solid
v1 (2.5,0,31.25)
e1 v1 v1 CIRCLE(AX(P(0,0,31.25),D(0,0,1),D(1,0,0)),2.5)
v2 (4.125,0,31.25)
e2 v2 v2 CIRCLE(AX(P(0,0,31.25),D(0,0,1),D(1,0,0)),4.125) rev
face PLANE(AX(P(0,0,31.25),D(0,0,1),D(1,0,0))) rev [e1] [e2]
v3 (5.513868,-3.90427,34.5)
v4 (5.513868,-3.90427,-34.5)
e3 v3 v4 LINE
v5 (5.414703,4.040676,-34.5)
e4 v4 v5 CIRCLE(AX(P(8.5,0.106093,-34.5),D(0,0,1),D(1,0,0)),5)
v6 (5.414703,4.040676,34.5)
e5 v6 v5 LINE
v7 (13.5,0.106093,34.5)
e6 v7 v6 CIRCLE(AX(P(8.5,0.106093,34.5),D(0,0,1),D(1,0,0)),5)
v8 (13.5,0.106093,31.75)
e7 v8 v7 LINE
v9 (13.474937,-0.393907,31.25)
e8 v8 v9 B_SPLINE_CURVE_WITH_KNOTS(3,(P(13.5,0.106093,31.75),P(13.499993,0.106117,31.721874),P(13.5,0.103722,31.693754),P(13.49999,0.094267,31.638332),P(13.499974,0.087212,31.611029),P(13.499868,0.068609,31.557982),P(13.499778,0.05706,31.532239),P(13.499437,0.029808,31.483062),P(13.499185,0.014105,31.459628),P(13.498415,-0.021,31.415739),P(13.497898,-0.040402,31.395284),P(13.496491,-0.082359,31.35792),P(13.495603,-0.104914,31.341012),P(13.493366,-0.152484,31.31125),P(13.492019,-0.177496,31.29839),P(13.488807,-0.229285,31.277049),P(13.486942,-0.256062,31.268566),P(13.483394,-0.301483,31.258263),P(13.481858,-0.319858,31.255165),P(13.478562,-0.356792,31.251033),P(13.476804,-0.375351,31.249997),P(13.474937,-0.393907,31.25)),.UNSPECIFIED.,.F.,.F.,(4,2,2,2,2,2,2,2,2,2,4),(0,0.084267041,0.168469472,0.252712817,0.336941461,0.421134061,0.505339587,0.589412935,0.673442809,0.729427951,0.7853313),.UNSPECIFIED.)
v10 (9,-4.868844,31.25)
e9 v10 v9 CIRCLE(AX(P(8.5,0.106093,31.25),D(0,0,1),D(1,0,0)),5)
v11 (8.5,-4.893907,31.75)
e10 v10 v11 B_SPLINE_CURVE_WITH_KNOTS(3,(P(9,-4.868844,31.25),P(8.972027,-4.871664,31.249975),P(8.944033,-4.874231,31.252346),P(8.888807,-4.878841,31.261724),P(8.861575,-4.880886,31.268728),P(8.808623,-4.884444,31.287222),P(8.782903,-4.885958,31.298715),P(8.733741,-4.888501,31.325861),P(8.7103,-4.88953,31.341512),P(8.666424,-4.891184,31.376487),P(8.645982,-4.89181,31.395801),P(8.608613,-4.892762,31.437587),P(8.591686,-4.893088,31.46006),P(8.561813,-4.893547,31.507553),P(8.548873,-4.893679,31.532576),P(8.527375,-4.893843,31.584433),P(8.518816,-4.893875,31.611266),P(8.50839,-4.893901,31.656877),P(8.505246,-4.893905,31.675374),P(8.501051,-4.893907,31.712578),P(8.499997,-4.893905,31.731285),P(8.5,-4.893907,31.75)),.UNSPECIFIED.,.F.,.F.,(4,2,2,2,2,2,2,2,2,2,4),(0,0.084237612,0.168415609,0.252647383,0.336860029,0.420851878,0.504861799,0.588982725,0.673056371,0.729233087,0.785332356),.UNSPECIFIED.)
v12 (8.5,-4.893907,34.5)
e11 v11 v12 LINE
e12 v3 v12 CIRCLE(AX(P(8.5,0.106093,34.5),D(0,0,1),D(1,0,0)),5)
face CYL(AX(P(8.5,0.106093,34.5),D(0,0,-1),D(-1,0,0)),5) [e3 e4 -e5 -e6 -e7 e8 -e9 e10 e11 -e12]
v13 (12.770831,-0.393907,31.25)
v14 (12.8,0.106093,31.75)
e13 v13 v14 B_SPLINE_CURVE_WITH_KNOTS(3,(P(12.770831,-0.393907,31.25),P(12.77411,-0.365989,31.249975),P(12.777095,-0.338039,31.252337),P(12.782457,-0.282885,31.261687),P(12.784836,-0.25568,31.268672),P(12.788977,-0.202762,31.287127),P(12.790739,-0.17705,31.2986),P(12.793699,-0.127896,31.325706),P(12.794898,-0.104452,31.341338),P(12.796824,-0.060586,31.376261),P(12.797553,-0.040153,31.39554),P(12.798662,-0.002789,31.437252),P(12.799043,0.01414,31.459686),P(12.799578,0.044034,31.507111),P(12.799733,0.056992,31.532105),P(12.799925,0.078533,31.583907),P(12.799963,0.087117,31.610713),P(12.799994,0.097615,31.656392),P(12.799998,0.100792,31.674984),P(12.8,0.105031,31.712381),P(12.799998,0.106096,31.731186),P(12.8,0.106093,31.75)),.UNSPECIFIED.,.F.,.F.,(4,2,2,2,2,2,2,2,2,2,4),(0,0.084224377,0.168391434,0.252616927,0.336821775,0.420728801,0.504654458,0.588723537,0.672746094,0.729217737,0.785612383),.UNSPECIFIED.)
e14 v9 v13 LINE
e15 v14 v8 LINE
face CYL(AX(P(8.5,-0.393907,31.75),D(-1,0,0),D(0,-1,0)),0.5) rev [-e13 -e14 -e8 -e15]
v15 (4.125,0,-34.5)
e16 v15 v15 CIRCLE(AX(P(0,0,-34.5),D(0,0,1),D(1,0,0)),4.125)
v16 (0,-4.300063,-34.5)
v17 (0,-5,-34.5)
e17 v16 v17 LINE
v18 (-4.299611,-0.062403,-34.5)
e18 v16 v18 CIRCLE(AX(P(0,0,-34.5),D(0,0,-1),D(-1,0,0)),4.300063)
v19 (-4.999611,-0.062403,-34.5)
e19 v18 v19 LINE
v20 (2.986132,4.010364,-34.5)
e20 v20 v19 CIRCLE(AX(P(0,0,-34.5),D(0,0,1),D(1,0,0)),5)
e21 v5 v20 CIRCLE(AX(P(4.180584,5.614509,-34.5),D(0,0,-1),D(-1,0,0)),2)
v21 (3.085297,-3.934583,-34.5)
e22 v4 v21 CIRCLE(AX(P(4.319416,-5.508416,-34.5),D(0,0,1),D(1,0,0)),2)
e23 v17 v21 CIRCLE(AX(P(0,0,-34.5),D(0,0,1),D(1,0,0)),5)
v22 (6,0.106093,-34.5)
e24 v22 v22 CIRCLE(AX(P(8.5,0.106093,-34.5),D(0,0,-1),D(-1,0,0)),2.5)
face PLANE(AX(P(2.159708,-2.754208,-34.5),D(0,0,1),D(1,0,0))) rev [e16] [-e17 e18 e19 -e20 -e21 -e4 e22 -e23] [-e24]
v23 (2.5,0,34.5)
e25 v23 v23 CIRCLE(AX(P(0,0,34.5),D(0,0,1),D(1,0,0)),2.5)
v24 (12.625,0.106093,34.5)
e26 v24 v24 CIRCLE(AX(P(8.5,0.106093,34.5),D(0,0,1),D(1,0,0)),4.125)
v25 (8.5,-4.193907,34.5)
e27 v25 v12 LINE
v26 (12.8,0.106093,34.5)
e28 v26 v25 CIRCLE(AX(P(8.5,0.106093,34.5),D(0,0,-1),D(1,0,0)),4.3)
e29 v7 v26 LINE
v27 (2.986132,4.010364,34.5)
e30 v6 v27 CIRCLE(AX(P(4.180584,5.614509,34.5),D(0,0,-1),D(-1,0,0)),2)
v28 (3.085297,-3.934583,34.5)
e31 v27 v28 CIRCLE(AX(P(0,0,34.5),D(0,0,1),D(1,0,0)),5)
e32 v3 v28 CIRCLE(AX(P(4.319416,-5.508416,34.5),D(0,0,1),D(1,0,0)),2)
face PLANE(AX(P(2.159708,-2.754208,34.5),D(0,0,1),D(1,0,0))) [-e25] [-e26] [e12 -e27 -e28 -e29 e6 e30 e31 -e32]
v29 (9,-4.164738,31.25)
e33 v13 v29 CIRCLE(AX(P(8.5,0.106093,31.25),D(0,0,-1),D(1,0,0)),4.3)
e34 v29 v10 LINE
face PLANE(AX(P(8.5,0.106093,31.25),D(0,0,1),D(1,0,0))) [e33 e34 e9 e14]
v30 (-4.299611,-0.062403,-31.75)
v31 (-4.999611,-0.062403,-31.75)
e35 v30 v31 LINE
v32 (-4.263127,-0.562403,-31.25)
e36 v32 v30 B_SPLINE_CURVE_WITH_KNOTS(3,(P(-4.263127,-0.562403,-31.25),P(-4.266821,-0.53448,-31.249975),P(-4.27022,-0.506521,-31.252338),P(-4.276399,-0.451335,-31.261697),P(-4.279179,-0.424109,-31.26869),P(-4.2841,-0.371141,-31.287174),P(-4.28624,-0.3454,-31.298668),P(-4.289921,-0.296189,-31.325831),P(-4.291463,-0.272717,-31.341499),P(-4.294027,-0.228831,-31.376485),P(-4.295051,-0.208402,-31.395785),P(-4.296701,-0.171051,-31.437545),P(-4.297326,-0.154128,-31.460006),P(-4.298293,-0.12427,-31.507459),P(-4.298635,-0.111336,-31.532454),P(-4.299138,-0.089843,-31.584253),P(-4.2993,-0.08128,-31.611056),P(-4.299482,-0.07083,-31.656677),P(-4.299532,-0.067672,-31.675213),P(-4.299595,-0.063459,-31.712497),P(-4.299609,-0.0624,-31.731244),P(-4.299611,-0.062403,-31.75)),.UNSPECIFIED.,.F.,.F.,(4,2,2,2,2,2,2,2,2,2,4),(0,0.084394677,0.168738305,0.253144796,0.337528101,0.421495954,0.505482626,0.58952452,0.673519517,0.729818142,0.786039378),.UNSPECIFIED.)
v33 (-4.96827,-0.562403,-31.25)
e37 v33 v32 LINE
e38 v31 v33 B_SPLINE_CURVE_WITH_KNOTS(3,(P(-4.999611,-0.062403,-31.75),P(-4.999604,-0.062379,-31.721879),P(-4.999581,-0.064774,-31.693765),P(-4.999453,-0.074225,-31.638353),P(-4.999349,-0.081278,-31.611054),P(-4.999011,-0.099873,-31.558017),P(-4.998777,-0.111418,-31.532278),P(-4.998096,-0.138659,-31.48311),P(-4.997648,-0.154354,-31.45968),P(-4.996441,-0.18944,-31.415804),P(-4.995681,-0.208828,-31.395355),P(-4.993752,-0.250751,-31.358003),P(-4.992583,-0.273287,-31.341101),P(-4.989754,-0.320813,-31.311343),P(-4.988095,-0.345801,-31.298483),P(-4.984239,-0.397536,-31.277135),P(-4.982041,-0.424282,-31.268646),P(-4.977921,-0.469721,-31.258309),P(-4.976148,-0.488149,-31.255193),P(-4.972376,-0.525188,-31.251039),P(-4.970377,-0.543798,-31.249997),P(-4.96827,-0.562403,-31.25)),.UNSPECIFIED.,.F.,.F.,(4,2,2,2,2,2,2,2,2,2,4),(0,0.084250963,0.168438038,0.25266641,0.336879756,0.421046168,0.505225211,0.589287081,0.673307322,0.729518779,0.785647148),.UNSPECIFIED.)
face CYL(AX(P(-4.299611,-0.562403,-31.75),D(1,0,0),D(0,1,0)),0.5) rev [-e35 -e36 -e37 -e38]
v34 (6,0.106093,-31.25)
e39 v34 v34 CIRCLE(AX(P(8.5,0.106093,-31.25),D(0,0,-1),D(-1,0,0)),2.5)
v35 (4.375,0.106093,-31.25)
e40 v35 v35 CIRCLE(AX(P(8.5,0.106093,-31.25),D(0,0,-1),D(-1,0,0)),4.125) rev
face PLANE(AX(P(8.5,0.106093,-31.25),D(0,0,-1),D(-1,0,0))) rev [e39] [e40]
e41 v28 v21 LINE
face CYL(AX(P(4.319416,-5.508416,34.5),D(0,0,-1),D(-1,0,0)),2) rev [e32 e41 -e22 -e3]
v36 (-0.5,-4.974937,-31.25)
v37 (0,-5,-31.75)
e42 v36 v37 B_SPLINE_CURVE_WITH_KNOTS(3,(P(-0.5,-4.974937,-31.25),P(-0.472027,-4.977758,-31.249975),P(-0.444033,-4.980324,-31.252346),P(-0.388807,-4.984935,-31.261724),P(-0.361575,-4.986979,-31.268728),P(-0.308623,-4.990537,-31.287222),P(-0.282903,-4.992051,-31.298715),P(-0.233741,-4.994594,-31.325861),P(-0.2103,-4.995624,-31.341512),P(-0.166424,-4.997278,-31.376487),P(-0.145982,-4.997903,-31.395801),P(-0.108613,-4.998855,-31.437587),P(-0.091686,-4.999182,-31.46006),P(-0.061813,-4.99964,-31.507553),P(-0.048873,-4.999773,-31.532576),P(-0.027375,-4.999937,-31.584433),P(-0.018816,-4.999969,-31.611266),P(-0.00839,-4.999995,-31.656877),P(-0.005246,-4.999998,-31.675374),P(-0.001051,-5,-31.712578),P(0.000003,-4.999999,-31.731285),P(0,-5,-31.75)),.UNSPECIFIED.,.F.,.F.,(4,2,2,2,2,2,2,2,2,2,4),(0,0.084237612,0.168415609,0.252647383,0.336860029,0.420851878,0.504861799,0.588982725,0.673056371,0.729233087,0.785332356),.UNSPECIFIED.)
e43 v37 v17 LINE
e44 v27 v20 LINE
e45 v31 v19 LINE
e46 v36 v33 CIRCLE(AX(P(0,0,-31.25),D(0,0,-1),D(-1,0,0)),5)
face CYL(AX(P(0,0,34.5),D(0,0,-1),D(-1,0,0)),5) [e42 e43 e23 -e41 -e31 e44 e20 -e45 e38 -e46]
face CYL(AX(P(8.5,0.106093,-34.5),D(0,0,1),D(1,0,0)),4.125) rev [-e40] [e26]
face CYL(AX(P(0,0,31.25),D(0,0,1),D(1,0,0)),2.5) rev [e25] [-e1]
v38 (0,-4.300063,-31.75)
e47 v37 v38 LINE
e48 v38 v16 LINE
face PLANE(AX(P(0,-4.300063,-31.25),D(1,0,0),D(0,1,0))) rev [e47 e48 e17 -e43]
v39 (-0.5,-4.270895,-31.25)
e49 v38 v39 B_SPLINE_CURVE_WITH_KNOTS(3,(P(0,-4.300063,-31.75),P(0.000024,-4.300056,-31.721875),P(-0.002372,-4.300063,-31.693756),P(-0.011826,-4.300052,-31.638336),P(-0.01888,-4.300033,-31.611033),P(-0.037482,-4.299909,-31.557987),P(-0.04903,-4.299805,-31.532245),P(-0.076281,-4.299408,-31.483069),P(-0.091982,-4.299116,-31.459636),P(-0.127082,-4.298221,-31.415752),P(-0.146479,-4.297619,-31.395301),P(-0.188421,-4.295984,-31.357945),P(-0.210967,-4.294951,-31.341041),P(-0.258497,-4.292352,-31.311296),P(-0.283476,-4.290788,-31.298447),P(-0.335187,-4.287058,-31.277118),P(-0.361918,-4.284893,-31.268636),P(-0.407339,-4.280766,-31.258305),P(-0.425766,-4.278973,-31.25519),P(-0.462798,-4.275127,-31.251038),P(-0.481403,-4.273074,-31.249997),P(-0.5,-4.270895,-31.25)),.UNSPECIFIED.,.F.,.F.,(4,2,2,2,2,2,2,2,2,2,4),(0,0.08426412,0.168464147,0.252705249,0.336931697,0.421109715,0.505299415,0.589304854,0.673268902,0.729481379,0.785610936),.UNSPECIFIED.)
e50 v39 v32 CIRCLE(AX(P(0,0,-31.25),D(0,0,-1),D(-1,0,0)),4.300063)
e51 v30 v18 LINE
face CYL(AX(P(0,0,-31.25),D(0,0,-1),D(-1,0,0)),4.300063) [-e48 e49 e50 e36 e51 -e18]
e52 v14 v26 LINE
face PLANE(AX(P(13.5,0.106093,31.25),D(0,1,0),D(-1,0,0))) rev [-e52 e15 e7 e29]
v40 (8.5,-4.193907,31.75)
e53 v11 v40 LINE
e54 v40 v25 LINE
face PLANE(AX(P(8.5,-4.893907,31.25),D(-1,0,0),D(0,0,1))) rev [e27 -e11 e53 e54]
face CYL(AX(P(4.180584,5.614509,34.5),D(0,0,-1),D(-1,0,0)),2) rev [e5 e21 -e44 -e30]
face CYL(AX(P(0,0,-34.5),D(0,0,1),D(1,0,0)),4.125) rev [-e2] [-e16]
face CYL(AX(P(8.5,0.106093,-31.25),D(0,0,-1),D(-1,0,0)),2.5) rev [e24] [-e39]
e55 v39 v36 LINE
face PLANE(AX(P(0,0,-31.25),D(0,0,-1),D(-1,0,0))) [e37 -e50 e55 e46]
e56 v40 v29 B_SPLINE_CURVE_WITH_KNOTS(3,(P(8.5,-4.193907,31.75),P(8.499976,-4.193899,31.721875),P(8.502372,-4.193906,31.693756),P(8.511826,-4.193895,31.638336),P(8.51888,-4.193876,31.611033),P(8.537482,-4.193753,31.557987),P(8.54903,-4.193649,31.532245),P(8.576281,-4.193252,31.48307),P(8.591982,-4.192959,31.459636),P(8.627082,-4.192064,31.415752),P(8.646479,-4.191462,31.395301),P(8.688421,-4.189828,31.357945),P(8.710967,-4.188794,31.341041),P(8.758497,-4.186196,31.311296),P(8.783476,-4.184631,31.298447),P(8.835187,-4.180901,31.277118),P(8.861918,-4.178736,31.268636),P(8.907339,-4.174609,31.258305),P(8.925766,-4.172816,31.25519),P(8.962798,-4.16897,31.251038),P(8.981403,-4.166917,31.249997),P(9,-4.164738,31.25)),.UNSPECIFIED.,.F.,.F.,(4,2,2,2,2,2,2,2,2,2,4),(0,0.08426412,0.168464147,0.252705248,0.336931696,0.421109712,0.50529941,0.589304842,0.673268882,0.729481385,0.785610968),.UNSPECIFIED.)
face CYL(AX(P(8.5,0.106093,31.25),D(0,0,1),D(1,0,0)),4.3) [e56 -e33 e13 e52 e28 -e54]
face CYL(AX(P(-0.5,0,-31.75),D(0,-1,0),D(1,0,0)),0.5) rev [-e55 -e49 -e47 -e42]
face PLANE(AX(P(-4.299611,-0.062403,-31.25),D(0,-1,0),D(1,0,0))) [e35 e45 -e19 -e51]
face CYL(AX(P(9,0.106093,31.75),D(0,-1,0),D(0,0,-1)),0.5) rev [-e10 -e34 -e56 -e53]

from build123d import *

# Parameters (mm, degrees)
BOSS_EXTRUDE1_DEPTH = 34.5
SKETCH2_R           = 4.125
CUT_EXTRUDE1_DEPTH  = 34.5
SKETCH3_R           = 4.125
SKETCH3_R_2         = 2.5
BOSS_EXTRUDE2_DEPTH = 3.25
SKETCH5_R           = 4.125
SKETCH5_R_2         = 2.5
BOSS_EXTRUDE4_DEPTH = 3.25
CUT_EXTRUDE3_DEPTH  = 3.25
FILLET1_R           = 0.5
CUT_EXTRUDE4_DEPTH  = 3.25
FILLET2_R           = 0.5


with BuildPart() as part:
    # Sketch1 → Boss-Extrude1 (new body, symmetric)
    with BuildSketch(Plane.XY):
        with BuildLine():
            ThreePointArc((2.986131566, 4.010363858), (-4.999610571, -0.062403009), (3.085297006, -3.934582873))
            ThreePointArc((3.085297006, -3.934582873), (4.294454604, -3.508571794), (5.513868434, -3.904270479))
            ThreePointArc((5.513868434, -3.904270479), (13.499610571, 0.168496387), (5.414702994, 4.040676252))
            ThreePointArc((5.414702994, 4.040676252), (4.205545396, 3.614665172), (2.986131566, 4.010363858))
        make_face()
    extrude(amount=BOSS_EXTRUDE1_DEPTH, both=True)

    # Sketch2 → Cut-Extrude1 (cut, symmetric)
    with BuildSketch(Plane.XY):
        Circle(SKETCH2_R)
        with Locations((8.5, 0.106093378)):
            Circle(SKETCH2_R)
    extrude(amount=CUT_EXTRUDE1_DEPTH, both=True, mode=Mode.SUBTRACT)

    # Sketch3 → Boss-Extrude2 (add)
    with BuildSketch(Plane.XY.offset(34.5)):
        Circle(SKETCH3_R)
        Circle(SKETCH3_R_2, mode=Mode.SUBTRACT)
    extrude(amount=-BOSS_EXTRUDE2_DEPTH)

    # Sketch5 → Boss-Extrude4 (add)
    with BuildSketch(Plane(origin=(0, 0, -34.5), x_dir=(-1, 0, 0), z_dir=(0, 0, -1))):
        with Locations((-8.5, 0.106093378)):
            Circle(SKETCH5_R)
        with Locations((-8.5, 0.106093378)):
            Circle(SKETCH5_R_2, mode=Mode.SUBTRACT)
    extrude(amount=-BOSS_EXTRUDE4_DEPTH)

    # Sketch6 → Cut-Extrude3 (cut)
    with BuildSketch(Plane(origin=(0, 0, -34.5), x_dir=(-1, 0, 0), z_dir=(0, 0, -1))):
        with BuildLine():
            Line((4.299610571, -0.062403009), (4.999610571, -0.062403009))
            ThreePointArc((4.999610571, -0.062403009), (3.513401838, -3.557528288), (0, -5))
            Line((0, -5), (0, -4.300063395))
            ThreePointArc((0, -4.300063395), (3.01846056, -3.062587313), (4.299610571, -0.062403009))
        make_face()
    extrude(amount=-CUT_EXTRUDE3_DEPTH, mode=Mode.SUBTRACT)

    # Fillet1
    fillet1_edges = [part.edges().sort_by_distance(p)[0] for p in [
        (0, -4.650031697, -31.25),
        (-4.649610571, -0.062403009, -31.25),
    ]]
    fillet(fillet1_edges, radius=FILLET1_R)

    # Sketch7 → Cut-Extrude4 (cut)
    with BuildSketch(Plane.XY.offset(34.5)):
        with BuildLine():
            Line((13.5, 0.106093378), (12.8, 0.106093378))
            ThreePointArc((12.8, 0.106093378), (11.540559159, -2.934465781), (8.5, -4.193906622))
            Line((8.5, -4.193906622), (8.5, -4.893906622))
            ThreePointArc((8.5, -4.893906622), (12.035533906, -3.429440528), (13.5, 0.106093378))
        make_face()
    extrude(amount=-CUT_EXTRUDE4_DEPTH, mode=Mode.SUBTRACT)

    # Fillet2
    fillet2_edges = [part.edges().sort_by_distance(p)[0] for p in [
        (8.5, -4.543906622, 31.25),
        (13.15, 0.106093378, 31.25),
    ]]
    fillet(fillet2_edges, radius=FILLET2_R)


solid = part.part
